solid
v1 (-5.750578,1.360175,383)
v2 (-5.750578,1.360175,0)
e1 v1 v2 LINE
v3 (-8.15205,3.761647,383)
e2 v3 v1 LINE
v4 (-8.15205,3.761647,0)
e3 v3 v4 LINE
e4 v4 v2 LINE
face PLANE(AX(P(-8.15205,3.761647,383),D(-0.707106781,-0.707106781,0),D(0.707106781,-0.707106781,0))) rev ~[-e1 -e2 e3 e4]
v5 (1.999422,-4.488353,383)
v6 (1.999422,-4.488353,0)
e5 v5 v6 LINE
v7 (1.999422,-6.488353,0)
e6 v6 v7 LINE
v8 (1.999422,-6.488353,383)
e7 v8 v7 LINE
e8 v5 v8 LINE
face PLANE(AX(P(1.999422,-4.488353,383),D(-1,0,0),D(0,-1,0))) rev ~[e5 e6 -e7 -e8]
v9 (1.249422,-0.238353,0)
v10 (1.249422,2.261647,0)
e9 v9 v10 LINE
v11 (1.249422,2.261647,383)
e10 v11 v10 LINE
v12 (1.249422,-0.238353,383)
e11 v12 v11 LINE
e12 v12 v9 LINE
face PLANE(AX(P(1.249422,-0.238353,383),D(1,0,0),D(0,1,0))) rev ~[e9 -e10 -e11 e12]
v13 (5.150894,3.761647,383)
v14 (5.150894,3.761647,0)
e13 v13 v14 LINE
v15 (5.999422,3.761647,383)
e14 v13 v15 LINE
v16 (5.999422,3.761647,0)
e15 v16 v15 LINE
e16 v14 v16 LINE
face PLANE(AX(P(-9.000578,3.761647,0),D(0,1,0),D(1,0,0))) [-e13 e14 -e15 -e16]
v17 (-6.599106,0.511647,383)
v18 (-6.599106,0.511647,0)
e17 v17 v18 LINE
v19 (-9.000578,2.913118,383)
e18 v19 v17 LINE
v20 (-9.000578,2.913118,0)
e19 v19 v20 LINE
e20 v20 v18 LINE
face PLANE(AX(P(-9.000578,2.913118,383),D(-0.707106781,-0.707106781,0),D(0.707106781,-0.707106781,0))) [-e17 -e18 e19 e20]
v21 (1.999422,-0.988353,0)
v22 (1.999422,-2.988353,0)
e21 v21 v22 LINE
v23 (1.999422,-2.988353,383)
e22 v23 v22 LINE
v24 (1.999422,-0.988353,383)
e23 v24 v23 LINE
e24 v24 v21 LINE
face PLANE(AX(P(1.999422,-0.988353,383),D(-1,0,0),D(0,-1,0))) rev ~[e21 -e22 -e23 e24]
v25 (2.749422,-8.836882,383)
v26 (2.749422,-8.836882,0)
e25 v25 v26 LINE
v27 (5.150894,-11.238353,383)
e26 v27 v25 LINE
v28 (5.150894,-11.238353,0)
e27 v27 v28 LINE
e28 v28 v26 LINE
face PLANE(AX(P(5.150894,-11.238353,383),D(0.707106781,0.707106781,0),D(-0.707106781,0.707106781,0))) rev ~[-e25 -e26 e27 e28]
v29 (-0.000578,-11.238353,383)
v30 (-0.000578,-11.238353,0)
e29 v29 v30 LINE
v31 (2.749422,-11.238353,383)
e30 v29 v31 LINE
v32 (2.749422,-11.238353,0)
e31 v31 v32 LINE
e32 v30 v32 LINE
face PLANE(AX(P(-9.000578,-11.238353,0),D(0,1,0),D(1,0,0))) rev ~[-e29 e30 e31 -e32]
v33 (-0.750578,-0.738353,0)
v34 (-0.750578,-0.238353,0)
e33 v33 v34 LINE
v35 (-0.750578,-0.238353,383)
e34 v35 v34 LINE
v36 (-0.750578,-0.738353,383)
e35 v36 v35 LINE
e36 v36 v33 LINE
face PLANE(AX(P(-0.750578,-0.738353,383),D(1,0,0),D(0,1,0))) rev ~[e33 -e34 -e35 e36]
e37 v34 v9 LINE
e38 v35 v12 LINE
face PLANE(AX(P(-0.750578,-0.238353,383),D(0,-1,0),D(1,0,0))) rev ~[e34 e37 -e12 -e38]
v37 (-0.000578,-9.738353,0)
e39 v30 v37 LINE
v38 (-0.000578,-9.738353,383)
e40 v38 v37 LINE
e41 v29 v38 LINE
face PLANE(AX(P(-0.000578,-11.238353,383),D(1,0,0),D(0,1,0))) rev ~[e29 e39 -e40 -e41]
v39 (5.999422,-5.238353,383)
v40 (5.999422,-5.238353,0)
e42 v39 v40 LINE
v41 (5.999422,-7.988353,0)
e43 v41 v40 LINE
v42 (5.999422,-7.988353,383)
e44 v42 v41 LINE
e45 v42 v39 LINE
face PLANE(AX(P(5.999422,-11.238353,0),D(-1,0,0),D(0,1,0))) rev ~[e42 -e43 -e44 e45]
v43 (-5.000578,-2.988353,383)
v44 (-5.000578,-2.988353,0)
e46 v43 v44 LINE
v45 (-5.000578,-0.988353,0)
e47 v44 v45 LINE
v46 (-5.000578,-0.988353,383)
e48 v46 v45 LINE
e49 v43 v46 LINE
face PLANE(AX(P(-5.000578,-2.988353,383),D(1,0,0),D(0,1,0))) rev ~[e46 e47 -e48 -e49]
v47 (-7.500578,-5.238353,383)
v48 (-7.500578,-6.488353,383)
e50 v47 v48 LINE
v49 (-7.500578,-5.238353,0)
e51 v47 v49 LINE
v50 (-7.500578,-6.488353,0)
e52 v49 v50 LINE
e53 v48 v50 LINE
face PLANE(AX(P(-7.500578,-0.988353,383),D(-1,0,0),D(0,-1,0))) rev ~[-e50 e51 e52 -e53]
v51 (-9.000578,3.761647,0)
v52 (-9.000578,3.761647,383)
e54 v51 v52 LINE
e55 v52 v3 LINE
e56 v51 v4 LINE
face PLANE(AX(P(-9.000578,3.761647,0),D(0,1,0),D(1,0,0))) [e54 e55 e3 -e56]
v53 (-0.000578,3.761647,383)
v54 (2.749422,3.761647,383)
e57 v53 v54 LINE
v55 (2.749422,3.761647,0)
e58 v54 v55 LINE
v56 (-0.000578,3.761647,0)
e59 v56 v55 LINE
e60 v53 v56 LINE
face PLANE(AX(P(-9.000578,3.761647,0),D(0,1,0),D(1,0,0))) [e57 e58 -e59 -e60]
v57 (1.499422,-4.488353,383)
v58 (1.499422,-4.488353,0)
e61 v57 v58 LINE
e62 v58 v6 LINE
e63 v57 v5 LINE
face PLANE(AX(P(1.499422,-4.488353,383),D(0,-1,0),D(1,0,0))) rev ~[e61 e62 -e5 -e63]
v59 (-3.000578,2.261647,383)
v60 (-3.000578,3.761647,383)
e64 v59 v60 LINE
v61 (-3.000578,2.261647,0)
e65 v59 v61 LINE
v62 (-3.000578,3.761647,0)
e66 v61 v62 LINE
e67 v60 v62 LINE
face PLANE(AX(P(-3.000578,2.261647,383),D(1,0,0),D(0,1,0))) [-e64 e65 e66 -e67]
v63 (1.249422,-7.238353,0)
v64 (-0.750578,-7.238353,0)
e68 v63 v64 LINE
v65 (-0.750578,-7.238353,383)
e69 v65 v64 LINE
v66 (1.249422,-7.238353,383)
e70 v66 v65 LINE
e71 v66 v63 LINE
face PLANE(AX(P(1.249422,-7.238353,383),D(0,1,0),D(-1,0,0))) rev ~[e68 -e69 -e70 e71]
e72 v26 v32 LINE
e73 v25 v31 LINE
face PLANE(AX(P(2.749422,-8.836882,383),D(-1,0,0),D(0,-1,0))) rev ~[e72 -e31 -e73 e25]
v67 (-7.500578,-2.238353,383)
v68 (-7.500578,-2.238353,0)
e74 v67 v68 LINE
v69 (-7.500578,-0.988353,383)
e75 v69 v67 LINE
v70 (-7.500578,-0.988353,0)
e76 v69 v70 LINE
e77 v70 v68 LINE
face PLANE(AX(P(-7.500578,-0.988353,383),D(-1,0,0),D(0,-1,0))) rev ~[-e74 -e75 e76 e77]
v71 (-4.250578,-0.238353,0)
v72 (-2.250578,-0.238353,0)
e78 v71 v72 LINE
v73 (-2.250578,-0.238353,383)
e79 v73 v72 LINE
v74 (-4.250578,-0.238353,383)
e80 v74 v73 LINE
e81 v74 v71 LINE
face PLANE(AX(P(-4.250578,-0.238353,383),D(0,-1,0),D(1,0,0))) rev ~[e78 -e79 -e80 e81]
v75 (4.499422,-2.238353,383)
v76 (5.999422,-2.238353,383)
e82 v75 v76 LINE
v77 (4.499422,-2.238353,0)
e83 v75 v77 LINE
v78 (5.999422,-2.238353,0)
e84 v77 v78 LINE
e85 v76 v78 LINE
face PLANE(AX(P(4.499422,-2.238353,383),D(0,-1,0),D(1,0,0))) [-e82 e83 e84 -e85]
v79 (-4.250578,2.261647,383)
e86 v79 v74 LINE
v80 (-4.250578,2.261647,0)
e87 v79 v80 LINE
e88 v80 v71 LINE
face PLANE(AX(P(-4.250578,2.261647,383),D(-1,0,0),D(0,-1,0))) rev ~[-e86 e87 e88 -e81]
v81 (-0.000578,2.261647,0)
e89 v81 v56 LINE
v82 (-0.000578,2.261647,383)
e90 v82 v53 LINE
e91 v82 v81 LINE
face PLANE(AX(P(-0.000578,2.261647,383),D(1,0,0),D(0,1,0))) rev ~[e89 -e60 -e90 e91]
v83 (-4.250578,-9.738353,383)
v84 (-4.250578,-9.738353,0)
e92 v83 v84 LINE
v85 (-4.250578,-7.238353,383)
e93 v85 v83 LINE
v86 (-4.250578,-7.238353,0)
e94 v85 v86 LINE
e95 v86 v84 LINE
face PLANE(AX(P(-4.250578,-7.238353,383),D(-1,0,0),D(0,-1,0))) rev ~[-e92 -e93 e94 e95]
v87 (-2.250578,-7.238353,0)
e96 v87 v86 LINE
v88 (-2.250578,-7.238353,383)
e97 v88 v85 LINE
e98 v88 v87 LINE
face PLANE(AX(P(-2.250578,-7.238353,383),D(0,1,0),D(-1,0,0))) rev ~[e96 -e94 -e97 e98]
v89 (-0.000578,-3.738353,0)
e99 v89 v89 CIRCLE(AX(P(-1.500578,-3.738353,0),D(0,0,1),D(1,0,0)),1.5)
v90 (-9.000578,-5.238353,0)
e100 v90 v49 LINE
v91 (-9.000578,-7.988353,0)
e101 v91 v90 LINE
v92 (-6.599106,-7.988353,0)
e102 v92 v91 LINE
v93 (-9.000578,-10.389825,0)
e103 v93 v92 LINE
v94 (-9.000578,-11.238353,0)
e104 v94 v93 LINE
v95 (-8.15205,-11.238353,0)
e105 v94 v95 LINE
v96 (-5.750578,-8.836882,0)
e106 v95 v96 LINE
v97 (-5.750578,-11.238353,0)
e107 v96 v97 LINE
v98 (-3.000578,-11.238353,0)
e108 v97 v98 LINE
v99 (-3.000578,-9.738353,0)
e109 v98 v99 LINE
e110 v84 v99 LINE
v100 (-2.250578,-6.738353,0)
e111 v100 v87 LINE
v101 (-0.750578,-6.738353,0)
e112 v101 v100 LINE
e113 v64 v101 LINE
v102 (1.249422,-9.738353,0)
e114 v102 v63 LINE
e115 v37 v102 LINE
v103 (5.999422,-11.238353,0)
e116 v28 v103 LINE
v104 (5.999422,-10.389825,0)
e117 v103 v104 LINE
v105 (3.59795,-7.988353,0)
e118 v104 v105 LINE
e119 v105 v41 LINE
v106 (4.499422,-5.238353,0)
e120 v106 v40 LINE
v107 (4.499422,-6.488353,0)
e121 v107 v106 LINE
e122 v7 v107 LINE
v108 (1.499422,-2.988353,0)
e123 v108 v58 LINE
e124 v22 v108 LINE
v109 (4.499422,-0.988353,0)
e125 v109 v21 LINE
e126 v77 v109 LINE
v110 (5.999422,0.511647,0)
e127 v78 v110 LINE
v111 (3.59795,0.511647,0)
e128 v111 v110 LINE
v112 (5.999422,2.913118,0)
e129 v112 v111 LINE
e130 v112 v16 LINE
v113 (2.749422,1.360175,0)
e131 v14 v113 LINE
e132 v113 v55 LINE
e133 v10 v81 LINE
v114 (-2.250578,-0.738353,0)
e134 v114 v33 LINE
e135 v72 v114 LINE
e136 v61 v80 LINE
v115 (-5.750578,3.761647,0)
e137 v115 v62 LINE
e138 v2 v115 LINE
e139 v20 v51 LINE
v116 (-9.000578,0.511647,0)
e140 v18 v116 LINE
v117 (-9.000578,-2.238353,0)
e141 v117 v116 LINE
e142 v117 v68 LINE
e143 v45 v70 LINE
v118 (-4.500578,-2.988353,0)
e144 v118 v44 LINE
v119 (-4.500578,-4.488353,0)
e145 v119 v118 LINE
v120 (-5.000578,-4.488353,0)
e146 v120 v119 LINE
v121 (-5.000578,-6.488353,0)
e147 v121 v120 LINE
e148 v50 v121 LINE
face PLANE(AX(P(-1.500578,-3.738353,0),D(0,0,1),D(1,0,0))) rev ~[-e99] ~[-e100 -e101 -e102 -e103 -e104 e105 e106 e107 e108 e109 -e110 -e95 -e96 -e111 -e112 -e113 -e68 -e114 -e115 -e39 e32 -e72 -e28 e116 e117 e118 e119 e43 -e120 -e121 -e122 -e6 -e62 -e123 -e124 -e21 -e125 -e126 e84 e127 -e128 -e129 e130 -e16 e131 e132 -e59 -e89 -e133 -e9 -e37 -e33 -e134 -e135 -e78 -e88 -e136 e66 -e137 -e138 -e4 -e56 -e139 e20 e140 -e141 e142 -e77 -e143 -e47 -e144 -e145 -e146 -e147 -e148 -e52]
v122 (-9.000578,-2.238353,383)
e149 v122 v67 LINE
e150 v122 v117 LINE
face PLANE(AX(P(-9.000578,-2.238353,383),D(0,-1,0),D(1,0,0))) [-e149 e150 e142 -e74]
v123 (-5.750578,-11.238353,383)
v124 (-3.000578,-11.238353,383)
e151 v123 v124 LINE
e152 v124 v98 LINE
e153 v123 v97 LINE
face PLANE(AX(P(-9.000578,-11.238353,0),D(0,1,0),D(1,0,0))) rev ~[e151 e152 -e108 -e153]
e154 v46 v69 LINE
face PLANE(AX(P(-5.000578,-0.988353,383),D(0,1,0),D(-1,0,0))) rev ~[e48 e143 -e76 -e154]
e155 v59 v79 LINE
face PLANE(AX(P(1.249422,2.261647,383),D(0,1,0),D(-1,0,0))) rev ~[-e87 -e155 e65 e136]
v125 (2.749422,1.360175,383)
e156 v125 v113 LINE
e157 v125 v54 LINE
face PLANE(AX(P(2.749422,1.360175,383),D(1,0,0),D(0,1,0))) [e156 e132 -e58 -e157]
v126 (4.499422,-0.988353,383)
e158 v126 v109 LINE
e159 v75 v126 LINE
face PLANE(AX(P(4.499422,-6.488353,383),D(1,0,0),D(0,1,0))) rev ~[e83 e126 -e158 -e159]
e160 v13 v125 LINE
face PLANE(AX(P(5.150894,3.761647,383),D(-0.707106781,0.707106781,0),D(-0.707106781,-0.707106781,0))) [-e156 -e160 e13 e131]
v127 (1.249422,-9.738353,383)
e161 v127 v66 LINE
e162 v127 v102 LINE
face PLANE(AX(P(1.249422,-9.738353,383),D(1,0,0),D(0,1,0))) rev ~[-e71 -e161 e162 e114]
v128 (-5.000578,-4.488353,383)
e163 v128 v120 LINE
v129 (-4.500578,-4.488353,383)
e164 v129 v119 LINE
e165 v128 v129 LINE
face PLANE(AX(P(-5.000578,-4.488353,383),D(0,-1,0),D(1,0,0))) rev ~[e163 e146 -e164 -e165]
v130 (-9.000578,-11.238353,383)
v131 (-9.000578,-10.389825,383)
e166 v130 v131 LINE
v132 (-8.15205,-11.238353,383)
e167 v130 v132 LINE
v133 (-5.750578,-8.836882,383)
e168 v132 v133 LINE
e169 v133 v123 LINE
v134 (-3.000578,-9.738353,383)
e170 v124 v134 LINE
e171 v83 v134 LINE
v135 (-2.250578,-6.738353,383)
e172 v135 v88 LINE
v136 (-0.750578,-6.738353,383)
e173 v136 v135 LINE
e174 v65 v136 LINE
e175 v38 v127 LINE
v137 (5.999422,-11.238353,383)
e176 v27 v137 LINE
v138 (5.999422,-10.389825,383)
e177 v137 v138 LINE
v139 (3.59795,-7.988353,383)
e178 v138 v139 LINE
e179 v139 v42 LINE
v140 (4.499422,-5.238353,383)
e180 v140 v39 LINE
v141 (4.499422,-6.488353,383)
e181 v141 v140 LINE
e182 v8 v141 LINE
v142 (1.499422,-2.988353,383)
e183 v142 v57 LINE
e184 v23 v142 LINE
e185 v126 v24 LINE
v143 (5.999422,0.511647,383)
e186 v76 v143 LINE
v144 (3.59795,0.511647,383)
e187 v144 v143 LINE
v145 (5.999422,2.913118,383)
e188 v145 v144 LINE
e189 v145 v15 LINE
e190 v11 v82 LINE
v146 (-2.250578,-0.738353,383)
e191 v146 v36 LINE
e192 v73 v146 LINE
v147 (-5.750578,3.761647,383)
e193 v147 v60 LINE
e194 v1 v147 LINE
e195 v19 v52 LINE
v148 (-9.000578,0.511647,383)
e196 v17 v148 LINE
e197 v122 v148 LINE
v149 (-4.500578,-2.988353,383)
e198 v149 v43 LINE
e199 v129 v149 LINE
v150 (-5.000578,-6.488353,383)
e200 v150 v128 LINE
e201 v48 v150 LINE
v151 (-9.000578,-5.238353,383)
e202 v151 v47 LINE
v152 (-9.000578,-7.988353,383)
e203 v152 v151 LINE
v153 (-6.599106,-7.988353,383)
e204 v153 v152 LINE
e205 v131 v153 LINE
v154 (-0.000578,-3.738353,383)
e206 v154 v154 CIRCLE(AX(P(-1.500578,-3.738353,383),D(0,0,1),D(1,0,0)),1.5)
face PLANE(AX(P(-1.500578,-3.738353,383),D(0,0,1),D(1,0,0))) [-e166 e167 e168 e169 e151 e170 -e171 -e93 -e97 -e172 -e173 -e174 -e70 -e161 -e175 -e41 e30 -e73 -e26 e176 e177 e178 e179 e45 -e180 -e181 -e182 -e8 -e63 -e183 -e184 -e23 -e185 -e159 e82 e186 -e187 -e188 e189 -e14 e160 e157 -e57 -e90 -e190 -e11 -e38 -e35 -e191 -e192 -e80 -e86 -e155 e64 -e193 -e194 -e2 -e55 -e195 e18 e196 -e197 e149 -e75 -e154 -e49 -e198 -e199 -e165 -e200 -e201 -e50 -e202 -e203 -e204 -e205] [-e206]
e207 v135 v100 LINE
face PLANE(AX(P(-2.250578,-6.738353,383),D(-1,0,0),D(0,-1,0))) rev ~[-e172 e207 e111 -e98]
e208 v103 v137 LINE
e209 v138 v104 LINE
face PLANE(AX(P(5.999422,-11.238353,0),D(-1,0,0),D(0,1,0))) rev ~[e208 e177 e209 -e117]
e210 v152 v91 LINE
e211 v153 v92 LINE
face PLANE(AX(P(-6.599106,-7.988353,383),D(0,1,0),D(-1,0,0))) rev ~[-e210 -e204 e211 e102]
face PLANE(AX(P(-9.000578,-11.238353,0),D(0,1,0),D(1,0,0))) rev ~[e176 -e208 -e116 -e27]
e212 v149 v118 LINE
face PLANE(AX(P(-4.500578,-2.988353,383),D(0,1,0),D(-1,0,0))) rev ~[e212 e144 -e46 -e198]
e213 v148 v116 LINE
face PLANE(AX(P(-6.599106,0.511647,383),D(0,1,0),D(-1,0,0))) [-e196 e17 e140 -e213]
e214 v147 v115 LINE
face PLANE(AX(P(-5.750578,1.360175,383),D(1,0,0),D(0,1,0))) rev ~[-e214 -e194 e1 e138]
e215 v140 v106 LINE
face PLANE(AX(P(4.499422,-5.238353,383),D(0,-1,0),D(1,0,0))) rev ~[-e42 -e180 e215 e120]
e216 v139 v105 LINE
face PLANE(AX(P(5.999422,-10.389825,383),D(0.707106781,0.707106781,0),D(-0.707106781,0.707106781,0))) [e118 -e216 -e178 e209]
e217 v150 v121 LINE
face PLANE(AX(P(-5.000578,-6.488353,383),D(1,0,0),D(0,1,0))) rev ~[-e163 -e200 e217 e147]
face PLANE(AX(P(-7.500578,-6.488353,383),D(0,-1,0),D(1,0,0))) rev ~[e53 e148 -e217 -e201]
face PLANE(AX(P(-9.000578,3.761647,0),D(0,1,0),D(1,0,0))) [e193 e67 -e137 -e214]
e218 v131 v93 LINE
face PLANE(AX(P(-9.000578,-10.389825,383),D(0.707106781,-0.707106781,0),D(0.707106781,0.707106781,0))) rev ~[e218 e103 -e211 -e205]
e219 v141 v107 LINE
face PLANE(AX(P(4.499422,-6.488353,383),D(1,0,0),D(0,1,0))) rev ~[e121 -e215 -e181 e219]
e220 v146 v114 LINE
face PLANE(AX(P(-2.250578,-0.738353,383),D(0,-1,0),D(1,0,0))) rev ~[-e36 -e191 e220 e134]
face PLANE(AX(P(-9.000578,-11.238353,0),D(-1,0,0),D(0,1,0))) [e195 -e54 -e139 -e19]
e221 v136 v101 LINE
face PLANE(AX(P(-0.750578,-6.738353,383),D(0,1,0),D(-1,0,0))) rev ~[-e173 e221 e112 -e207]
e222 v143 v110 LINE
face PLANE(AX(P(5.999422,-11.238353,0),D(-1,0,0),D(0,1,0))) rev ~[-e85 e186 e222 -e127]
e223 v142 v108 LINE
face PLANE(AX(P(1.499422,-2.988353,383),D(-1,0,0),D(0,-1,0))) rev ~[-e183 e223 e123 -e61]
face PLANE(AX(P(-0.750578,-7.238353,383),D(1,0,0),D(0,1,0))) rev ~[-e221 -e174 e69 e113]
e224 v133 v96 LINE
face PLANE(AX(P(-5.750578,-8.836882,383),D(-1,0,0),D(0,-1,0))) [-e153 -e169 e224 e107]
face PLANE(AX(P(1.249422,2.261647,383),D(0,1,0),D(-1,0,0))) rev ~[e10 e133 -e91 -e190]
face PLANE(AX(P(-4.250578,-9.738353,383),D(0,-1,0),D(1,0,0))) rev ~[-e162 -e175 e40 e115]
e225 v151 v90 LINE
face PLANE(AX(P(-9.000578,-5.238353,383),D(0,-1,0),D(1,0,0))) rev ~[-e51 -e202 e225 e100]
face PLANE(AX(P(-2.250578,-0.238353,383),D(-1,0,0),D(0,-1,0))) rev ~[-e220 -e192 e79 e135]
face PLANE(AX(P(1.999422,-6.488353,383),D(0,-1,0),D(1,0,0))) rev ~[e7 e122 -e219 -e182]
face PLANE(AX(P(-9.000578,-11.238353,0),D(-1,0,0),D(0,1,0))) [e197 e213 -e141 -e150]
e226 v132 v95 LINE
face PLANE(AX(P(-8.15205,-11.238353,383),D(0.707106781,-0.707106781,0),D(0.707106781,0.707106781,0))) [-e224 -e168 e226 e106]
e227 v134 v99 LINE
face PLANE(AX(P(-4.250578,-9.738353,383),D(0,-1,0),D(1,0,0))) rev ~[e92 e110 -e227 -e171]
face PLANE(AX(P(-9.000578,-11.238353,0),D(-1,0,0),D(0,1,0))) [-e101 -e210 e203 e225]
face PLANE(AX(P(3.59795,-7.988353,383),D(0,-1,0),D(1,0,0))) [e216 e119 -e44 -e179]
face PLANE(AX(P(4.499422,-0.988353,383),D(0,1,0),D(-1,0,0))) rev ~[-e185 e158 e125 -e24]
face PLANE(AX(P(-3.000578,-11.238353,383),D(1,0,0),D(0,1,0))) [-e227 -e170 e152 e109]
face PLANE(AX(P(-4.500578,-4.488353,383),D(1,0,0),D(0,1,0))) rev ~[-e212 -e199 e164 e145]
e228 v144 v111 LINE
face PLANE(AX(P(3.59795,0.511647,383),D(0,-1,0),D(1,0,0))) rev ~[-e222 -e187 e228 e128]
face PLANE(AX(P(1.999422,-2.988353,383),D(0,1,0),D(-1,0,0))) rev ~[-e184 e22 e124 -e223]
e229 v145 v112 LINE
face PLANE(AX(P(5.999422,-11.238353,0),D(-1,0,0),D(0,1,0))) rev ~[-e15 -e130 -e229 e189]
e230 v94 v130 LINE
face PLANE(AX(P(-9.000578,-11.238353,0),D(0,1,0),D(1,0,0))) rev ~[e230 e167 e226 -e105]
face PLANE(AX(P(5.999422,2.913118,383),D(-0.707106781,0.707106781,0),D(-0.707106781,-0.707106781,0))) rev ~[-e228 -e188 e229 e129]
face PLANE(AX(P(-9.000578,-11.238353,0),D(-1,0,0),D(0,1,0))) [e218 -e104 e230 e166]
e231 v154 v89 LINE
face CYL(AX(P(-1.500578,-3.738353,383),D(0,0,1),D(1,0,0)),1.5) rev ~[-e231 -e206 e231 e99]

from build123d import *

# Parameters (mm, degrees)
SKETCH1_W           = 15
SKETCH1_H           = 15
BOSS_EXTRUDE1_DEPTH = 383
SKETCH2_R           = 1.5
CUT_EXTRUDE1_DEPTH  = 383
SKETCH3_W           = 3
SKETCH3_H           = 1.5
SKETCH3_W_2         = 1.5
SKETCH3_H_2         = 3
CUT_EXTRUDE2_DEPTH  = 383


with BuildPart() as part:
    # Sketch1 → Boss-Extrude1 (new body)
    with BuildSketch(Plane.XY):
        with Locations((-1.500578266, -3.738353388)):
            Rectangle(SKETCH1_W, SKETCH1_H)
    extrude(amount=BOSS_EXTRUDE1_DEPTH)

    # Sketch2 → Cut-Extrude1 (cut)
    with BuildSketch(Plane.XY.offset(383)):
        with Locations((-1.500578266, -3.738353388)):
            Circle(SKETCH2_R)
        Polygon((1.999421734, -4.488353388), (1.999421734, -6.488353388), (4.499421734, -6.488353388), (4.499421734, -0.988353388), (1.999421734, -0.988353388), (1.999421734, -2.988353388), (1.499421734, -2.988353388), (1.499421734, -4.488353388), align=None)
        Polygon((-4.250578266, -7.238353388), (-4.250578266, -9.738353388), (1.249421734, -9.738353388), (1.249421734, -7.238353388), (-0.750578266, -7.238353388), (-0.750578266, -6.738353388), (-2.250578266, -6.738353388), (-2.250578266, -7.238353388), align=None)
        Polygon((-5.000578266, -0.988353388), (-7.500578266, -0.988353388), (-7.500578266, -6.488353388), (-5.000578266, -6.488353388), (-5.000578266, -4.488353388), (-4.500578266, -4.488353388), (-4.500578266, -2.988353388), (-5.000578266, -2.988353388), align=None)
        Polygon((1.249421734, -0.238353388), (1.249421734, 2.261646612), (-4.250578266, 2.261646612), (-4.250578266, -0.238353388), (-2.250578266, -0.238353388), (-2.250578266, -0.738353388), (-0.750578266, -0.738353388), (-0.750578266, -0.238353388), align=None)
    extrude(amount=-CUT_EXTRUDE1_DEPTH, mode=Mode.SUBTRACT)

    # Sketch3 → Cut-Extrude2 (cut)
    with BuildSketch(Plane.XY.offset(383)):
        Polygon((5.150893596, 3.761646612), (2.749421734, 1.360174749), (2.749421734, 3.761646612), align=None)
        Polygon((5.999421734, 0.511646612), (5.999421734, 2.913118474), (3.597949871, 0.511646612), align=None)
        with Locations((-1.500578266, 3.011646612)):
            Rectangle(SKETCH3_W, SKETCH3_H)
        Polygon((2.749421734, -8.836881526), (2.749421734, -11.238353388), (5.150893596, -11.238353388), align=None)
        Polygon((5.999421734, -10.389825251), (3.597949871, -7.988353388), (5.999421734, -7.988353388), align=None)
        with Locations((5.249421734, -3.738353388)):
            Rectangle(SKETCH3_W_2, SKETCH3_H_2)
        Polygon((-6.599106404, -7.988353388), (-9.000578266, -7.988353388), (-9.000578266, -10.389825251), align=None)
        Polygon((-8.152050129, -11.238353388), (-5.750578266, -8.836881526), (-5.750578266, -11.238353388), align=None)
        with Locations((-1.500578266, -10.488353388)):
            Rectangle(SKETCH3_W, SKETCH3_H)
        Polygon((-5.750578266, 1.360174749), (-5.750578266, 3.761646612), (-8.152050129, 3.761646612), align=None)
        Polygon((-9.000578266, 2.913118474), (-6.599106404, 0.511646612), (-9.000578266, 0.511646612), align=None)
        with Locations((-8.250578266, -3.738353388)):
            Rectangle(SKETCH3_W_2, SKETCH3_H_2)
    extrude(amount=-CUT_EXTRUDE2_DEPTH, mode=Mode.SUBTRACT)


solid = part.part
